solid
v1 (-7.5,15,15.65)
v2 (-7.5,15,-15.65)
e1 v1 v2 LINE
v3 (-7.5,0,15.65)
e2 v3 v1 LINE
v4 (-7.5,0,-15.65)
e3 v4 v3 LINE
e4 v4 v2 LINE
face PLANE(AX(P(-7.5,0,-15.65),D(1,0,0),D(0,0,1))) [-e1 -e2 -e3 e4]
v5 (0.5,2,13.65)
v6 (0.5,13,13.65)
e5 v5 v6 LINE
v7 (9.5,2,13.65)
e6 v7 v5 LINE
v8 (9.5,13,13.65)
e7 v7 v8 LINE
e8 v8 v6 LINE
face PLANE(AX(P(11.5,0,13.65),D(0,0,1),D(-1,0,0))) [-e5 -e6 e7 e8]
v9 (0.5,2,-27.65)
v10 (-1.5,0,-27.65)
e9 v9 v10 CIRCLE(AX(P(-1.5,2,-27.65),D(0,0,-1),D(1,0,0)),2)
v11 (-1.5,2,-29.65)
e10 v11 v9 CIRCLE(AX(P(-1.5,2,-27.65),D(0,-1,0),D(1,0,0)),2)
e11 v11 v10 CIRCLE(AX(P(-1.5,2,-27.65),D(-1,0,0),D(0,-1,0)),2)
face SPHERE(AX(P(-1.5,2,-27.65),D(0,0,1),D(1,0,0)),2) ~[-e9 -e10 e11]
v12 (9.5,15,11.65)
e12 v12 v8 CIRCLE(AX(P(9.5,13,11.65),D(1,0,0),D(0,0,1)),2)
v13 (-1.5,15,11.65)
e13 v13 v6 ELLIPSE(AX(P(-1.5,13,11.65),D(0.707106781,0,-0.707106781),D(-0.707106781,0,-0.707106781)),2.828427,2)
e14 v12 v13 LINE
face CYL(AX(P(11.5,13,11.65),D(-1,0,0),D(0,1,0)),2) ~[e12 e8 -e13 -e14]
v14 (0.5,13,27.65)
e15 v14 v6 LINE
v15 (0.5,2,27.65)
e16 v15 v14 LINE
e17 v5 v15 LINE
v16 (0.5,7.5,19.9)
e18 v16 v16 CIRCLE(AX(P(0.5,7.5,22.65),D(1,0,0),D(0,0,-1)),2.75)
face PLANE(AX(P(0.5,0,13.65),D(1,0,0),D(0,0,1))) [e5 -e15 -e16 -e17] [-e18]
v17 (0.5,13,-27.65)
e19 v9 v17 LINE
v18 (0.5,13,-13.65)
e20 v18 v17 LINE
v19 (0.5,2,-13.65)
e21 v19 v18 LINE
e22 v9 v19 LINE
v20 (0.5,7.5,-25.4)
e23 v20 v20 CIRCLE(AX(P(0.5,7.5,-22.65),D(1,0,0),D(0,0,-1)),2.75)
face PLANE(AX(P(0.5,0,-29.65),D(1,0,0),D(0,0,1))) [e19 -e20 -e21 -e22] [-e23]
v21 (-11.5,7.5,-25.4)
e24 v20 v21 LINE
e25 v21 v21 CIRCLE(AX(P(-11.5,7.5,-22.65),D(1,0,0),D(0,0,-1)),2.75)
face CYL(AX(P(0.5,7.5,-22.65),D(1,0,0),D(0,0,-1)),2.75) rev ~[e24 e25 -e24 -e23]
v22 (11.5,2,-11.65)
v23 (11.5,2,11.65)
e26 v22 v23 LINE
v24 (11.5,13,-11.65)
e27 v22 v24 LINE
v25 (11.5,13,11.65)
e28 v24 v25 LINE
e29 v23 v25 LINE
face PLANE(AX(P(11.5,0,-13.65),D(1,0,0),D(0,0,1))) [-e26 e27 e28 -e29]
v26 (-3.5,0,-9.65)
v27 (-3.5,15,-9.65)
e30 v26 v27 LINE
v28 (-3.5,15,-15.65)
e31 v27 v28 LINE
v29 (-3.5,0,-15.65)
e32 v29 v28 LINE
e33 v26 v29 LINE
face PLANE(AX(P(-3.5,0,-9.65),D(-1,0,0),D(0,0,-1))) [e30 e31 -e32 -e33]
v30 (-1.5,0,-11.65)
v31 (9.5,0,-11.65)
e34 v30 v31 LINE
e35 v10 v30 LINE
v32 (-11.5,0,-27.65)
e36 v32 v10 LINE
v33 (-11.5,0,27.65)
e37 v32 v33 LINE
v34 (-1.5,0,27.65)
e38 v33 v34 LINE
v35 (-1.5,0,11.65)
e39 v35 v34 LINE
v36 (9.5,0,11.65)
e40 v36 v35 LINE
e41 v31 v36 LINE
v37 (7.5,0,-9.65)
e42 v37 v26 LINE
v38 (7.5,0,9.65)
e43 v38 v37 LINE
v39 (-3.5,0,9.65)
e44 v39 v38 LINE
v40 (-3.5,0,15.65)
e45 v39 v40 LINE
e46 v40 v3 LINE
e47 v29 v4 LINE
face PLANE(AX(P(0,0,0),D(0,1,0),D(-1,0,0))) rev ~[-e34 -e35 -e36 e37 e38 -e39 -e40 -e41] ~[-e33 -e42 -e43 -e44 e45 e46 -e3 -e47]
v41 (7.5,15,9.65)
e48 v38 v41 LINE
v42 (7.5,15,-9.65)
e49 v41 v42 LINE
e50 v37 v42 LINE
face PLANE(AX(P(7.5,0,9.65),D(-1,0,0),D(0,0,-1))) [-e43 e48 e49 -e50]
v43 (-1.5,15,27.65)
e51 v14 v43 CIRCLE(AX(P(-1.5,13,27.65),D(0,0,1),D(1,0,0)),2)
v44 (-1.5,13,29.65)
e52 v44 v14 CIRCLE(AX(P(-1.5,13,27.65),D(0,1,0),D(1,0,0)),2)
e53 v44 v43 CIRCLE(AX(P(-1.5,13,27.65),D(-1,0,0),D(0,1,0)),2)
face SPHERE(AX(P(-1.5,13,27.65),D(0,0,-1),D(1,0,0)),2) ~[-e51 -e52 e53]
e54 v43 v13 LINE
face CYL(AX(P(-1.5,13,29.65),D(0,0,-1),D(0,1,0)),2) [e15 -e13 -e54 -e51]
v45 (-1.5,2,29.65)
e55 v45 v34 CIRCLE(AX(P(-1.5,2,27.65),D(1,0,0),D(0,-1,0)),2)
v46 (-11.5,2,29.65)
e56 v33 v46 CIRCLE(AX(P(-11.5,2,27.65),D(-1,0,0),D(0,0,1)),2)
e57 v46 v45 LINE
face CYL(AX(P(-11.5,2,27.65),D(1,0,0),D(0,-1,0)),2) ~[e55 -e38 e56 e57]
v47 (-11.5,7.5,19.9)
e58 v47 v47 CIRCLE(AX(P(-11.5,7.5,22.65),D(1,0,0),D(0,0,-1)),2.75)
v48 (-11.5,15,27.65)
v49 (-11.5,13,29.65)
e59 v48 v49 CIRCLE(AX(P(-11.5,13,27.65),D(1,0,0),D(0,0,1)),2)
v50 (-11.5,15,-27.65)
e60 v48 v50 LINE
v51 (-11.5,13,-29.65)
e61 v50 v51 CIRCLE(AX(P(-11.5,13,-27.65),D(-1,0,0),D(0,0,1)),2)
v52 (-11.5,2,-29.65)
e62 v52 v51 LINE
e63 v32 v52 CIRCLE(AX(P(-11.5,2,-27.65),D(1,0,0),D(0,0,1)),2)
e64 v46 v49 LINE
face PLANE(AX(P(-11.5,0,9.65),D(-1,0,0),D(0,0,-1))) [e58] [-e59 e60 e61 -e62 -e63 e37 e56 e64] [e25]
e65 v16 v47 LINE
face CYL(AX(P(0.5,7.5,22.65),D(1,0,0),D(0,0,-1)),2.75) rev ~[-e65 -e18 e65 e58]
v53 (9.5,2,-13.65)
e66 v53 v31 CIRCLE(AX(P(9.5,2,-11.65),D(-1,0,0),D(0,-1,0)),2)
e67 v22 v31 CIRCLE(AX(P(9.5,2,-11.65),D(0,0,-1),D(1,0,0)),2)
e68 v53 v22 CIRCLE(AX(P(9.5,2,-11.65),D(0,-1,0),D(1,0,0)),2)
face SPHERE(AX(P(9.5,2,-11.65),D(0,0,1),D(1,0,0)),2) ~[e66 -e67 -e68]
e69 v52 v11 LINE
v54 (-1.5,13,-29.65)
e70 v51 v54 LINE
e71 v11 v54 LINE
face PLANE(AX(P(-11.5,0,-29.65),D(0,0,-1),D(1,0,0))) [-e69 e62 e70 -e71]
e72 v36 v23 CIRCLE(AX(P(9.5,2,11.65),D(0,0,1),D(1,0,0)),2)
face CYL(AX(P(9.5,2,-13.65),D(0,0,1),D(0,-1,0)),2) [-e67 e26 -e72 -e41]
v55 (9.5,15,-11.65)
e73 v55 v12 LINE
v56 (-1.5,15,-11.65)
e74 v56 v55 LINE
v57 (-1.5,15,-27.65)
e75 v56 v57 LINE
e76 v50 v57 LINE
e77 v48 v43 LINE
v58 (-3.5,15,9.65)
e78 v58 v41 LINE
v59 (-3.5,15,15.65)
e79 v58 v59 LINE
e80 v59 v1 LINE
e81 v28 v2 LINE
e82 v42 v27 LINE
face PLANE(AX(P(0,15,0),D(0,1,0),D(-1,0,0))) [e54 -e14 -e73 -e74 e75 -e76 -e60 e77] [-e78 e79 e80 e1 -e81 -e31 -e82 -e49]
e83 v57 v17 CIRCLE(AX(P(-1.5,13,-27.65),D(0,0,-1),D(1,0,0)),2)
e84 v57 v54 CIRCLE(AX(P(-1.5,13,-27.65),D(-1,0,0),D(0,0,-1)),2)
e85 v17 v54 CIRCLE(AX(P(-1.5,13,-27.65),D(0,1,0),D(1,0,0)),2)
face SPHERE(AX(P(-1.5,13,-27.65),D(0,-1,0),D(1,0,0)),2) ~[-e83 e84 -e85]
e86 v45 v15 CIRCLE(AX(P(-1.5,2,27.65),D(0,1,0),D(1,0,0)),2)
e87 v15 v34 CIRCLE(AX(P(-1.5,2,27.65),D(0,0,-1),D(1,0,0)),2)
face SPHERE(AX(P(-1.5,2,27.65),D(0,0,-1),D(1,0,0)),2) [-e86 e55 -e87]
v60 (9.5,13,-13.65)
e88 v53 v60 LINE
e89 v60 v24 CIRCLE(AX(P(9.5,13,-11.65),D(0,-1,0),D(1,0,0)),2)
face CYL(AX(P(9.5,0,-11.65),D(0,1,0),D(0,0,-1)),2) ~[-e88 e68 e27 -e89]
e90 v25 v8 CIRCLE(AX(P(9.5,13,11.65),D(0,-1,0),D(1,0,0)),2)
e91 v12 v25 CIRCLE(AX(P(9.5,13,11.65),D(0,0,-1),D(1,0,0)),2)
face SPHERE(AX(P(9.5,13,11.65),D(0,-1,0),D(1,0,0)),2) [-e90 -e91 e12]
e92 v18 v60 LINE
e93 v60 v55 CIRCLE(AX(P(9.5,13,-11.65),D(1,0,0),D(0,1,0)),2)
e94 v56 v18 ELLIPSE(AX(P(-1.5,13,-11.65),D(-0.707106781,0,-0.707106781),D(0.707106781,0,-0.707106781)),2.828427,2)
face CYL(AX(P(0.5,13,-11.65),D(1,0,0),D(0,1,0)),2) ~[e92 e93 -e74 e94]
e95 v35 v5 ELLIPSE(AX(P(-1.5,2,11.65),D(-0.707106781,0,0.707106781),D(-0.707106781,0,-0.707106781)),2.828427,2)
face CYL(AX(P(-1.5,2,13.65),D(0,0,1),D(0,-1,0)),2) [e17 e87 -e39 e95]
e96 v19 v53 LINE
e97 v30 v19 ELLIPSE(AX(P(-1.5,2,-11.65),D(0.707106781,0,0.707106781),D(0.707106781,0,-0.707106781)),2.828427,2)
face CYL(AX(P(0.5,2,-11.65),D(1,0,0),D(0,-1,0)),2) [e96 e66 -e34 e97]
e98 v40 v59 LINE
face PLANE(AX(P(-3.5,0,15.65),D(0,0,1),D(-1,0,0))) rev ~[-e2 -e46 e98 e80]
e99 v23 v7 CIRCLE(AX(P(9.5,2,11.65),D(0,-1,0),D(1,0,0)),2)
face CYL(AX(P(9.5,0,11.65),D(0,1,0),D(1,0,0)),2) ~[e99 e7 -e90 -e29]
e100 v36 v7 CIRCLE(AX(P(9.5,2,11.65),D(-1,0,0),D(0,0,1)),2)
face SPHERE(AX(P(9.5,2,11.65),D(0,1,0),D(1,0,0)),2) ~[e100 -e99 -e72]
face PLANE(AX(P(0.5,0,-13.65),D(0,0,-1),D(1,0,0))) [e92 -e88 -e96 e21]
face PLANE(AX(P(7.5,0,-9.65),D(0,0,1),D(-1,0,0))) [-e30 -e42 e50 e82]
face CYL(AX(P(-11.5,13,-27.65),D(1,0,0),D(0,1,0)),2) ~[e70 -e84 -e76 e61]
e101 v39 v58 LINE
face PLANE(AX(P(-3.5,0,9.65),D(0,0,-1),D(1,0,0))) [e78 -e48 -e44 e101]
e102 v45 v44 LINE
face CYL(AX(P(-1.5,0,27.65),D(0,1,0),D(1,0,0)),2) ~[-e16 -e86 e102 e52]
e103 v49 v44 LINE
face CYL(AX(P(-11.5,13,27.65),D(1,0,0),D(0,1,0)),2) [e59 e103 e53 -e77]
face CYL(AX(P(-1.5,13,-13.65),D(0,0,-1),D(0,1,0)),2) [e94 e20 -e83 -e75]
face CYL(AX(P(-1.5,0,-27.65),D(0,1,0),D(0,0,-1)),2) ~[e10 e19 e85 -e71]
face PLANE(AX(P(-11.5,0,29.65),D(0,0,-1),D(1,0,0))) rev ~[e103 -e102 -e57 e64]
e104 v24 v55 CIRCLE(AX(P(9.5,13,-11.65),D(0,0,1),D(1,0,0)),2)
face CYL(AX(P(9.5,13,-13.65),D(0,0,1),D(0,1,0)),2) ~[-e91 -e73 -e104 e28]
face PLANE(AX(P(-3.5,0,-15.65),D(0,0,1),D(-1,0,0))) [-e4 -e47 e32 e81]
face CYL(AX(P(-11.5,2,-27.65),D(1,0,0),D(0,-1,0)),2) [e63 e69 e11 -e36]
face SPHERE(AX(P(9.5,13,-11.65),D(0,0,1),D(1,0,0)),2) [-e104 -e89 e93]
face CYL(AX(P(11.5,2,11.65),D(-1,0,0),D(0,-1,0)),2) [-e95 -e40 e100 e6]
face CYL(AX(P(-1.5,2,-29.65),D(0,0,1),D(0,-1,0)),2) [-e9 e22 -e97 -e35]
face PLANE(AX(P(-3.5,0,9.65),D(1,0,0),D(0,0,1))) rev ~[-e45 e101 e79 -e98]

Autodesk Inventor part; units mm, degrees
ref_plane "YZ Plane" through (0, 0, 0) normal (1, 0, 0) x (0, 1, 0)
ref_plane "XZ Plane" through (0, 0, 0) normal (0, 1, 0) x (-1, 0, 0)
ref_plane "XY Plane" through (0, 0, 0) normal (0, 0, 1) x (1, 0, 0)
sketch "Sketch1" plane through (0, 0, 0) normal (0, 1, 0) x (-1, 0, 0)
  line L0 (3.5, 9.65) -> (-7.5, 9.65)
  line L1 (-7.5, 9.65) -> (-7.5, -9.65)
  line L2 (-7.5, -9.65) -> (3.5, -9.65)
  line L3 (7.5, -9.65) -> (7.5, 9.65)
  line L4 (7.5, 9.65) -> (-7.5, -9.65) construction
  line L5 (-7.5, 9.65) -> (7.5, -9.65) construction
  line L6 (3.5, 9.65) -> (3.5, 15.65)
  line L7 (3.5, 15.65) -> (7.5, 15.65)
  line L8 (7.5, 15.65) -> (7.5, 9.65)
  line L9 (-7.5, 0) -> (7.5, 0) construction
  line L10 (3.5, -9.65) -> (3.5, -15.65)
  line L11 (3.5, -15.65) -> (7.5, -15.65)
  line L12 (7.5, -15.65) -> (7.5, -9.65)
  line L13 (11.5, 9.65) -> (11.5, -9.65)
  line L14 (11.5, -9.65) -> (11.5, -19.65)
  line L15 (-0.5, -19.65) -> (-0.5, -13.65)
  line L16 (-0.5, -13.65) -> (-11.5, -13.65)
  line L17 (-11.5, -13.65) -> (-11.5, 13.65)
  line L18 (-11.5, 13.65) -> (-0.5, 13.65)
  line L19 (-0.5, 13.65) -> (-0.5, 19.65)
  line L20 (11.5, 19.65) -> (11.5, 9.65)
  line L21 (11.5, 19.65) -> (11.5, 29.65)
  line L22 (11.5, 29.65) -> (-0.5, 29.65)
  line L23 (-0.5, 29.65) -> (-0.5, 19.65)
  line L24 (11.5, -19.65) -> (11.5, -29.65)
  line L25 (11.5, -29.65) -> (-0.5, -29.65)
  line L26 (-0.5, -29.65) -> (-0.5, -19.65)
  point P0 (0, 0)
  dimension "d0" = 15
  dimension "d1" = 19.3
  dimension "d2" = 4
  dimension "d3" = 6
  dimension "d4" = 4
  dimension "d5" = 10
extrude "Extrusion1" add sketch "Sketch1" along normal blind 15
sketch "Sketch2" plane through (0.5, 0, 29.65) normal (1, 0, 0) x (0, 0, -1)
  line L0 (0, 0) -> (0, 15) construction
  line L1 (0, 7.5) -> (7, 7.5) construction
  circle A0 centre (7, 7.5) radius 2.75
  line L2 (29.65, 0) -> (29.65, 27.4912) construction
  line L3 (59.3, 7.5) -> (52.3, 7.5) construction
  circle A1 centre (52.3, 7.5) radius 2.75
  dimension "d8" = 7
  dimension "d9" = 5.5
extrude "Extrusion2" cut sketch "Sketch2" against normal blind 15
fillet "Fillet1" radius 2 18 edges at (11.5, 7.5, 13.65) (11.5, 15, 0) (6, 15, 13.65) (11.5, 0, 0) (11.5, 7.5, -13.65) (6, 0, -13.65) (6, 0, 13.65) (0.5, 15, 21.65) (0.5, 0, 21.65) (0.5, 7.5, 29.65) (0.5, 0, -21.65) (0.5, 7.5, -29.65) (0.5, 15, -21.65) (-5.5, 0, -29.65) (-5.5, 15, 29.65) (-5.5, 0, 29.65) (-5.5, 15, -29.65) (6, 15, -13.65)
properties part number "actuator_mounting"
